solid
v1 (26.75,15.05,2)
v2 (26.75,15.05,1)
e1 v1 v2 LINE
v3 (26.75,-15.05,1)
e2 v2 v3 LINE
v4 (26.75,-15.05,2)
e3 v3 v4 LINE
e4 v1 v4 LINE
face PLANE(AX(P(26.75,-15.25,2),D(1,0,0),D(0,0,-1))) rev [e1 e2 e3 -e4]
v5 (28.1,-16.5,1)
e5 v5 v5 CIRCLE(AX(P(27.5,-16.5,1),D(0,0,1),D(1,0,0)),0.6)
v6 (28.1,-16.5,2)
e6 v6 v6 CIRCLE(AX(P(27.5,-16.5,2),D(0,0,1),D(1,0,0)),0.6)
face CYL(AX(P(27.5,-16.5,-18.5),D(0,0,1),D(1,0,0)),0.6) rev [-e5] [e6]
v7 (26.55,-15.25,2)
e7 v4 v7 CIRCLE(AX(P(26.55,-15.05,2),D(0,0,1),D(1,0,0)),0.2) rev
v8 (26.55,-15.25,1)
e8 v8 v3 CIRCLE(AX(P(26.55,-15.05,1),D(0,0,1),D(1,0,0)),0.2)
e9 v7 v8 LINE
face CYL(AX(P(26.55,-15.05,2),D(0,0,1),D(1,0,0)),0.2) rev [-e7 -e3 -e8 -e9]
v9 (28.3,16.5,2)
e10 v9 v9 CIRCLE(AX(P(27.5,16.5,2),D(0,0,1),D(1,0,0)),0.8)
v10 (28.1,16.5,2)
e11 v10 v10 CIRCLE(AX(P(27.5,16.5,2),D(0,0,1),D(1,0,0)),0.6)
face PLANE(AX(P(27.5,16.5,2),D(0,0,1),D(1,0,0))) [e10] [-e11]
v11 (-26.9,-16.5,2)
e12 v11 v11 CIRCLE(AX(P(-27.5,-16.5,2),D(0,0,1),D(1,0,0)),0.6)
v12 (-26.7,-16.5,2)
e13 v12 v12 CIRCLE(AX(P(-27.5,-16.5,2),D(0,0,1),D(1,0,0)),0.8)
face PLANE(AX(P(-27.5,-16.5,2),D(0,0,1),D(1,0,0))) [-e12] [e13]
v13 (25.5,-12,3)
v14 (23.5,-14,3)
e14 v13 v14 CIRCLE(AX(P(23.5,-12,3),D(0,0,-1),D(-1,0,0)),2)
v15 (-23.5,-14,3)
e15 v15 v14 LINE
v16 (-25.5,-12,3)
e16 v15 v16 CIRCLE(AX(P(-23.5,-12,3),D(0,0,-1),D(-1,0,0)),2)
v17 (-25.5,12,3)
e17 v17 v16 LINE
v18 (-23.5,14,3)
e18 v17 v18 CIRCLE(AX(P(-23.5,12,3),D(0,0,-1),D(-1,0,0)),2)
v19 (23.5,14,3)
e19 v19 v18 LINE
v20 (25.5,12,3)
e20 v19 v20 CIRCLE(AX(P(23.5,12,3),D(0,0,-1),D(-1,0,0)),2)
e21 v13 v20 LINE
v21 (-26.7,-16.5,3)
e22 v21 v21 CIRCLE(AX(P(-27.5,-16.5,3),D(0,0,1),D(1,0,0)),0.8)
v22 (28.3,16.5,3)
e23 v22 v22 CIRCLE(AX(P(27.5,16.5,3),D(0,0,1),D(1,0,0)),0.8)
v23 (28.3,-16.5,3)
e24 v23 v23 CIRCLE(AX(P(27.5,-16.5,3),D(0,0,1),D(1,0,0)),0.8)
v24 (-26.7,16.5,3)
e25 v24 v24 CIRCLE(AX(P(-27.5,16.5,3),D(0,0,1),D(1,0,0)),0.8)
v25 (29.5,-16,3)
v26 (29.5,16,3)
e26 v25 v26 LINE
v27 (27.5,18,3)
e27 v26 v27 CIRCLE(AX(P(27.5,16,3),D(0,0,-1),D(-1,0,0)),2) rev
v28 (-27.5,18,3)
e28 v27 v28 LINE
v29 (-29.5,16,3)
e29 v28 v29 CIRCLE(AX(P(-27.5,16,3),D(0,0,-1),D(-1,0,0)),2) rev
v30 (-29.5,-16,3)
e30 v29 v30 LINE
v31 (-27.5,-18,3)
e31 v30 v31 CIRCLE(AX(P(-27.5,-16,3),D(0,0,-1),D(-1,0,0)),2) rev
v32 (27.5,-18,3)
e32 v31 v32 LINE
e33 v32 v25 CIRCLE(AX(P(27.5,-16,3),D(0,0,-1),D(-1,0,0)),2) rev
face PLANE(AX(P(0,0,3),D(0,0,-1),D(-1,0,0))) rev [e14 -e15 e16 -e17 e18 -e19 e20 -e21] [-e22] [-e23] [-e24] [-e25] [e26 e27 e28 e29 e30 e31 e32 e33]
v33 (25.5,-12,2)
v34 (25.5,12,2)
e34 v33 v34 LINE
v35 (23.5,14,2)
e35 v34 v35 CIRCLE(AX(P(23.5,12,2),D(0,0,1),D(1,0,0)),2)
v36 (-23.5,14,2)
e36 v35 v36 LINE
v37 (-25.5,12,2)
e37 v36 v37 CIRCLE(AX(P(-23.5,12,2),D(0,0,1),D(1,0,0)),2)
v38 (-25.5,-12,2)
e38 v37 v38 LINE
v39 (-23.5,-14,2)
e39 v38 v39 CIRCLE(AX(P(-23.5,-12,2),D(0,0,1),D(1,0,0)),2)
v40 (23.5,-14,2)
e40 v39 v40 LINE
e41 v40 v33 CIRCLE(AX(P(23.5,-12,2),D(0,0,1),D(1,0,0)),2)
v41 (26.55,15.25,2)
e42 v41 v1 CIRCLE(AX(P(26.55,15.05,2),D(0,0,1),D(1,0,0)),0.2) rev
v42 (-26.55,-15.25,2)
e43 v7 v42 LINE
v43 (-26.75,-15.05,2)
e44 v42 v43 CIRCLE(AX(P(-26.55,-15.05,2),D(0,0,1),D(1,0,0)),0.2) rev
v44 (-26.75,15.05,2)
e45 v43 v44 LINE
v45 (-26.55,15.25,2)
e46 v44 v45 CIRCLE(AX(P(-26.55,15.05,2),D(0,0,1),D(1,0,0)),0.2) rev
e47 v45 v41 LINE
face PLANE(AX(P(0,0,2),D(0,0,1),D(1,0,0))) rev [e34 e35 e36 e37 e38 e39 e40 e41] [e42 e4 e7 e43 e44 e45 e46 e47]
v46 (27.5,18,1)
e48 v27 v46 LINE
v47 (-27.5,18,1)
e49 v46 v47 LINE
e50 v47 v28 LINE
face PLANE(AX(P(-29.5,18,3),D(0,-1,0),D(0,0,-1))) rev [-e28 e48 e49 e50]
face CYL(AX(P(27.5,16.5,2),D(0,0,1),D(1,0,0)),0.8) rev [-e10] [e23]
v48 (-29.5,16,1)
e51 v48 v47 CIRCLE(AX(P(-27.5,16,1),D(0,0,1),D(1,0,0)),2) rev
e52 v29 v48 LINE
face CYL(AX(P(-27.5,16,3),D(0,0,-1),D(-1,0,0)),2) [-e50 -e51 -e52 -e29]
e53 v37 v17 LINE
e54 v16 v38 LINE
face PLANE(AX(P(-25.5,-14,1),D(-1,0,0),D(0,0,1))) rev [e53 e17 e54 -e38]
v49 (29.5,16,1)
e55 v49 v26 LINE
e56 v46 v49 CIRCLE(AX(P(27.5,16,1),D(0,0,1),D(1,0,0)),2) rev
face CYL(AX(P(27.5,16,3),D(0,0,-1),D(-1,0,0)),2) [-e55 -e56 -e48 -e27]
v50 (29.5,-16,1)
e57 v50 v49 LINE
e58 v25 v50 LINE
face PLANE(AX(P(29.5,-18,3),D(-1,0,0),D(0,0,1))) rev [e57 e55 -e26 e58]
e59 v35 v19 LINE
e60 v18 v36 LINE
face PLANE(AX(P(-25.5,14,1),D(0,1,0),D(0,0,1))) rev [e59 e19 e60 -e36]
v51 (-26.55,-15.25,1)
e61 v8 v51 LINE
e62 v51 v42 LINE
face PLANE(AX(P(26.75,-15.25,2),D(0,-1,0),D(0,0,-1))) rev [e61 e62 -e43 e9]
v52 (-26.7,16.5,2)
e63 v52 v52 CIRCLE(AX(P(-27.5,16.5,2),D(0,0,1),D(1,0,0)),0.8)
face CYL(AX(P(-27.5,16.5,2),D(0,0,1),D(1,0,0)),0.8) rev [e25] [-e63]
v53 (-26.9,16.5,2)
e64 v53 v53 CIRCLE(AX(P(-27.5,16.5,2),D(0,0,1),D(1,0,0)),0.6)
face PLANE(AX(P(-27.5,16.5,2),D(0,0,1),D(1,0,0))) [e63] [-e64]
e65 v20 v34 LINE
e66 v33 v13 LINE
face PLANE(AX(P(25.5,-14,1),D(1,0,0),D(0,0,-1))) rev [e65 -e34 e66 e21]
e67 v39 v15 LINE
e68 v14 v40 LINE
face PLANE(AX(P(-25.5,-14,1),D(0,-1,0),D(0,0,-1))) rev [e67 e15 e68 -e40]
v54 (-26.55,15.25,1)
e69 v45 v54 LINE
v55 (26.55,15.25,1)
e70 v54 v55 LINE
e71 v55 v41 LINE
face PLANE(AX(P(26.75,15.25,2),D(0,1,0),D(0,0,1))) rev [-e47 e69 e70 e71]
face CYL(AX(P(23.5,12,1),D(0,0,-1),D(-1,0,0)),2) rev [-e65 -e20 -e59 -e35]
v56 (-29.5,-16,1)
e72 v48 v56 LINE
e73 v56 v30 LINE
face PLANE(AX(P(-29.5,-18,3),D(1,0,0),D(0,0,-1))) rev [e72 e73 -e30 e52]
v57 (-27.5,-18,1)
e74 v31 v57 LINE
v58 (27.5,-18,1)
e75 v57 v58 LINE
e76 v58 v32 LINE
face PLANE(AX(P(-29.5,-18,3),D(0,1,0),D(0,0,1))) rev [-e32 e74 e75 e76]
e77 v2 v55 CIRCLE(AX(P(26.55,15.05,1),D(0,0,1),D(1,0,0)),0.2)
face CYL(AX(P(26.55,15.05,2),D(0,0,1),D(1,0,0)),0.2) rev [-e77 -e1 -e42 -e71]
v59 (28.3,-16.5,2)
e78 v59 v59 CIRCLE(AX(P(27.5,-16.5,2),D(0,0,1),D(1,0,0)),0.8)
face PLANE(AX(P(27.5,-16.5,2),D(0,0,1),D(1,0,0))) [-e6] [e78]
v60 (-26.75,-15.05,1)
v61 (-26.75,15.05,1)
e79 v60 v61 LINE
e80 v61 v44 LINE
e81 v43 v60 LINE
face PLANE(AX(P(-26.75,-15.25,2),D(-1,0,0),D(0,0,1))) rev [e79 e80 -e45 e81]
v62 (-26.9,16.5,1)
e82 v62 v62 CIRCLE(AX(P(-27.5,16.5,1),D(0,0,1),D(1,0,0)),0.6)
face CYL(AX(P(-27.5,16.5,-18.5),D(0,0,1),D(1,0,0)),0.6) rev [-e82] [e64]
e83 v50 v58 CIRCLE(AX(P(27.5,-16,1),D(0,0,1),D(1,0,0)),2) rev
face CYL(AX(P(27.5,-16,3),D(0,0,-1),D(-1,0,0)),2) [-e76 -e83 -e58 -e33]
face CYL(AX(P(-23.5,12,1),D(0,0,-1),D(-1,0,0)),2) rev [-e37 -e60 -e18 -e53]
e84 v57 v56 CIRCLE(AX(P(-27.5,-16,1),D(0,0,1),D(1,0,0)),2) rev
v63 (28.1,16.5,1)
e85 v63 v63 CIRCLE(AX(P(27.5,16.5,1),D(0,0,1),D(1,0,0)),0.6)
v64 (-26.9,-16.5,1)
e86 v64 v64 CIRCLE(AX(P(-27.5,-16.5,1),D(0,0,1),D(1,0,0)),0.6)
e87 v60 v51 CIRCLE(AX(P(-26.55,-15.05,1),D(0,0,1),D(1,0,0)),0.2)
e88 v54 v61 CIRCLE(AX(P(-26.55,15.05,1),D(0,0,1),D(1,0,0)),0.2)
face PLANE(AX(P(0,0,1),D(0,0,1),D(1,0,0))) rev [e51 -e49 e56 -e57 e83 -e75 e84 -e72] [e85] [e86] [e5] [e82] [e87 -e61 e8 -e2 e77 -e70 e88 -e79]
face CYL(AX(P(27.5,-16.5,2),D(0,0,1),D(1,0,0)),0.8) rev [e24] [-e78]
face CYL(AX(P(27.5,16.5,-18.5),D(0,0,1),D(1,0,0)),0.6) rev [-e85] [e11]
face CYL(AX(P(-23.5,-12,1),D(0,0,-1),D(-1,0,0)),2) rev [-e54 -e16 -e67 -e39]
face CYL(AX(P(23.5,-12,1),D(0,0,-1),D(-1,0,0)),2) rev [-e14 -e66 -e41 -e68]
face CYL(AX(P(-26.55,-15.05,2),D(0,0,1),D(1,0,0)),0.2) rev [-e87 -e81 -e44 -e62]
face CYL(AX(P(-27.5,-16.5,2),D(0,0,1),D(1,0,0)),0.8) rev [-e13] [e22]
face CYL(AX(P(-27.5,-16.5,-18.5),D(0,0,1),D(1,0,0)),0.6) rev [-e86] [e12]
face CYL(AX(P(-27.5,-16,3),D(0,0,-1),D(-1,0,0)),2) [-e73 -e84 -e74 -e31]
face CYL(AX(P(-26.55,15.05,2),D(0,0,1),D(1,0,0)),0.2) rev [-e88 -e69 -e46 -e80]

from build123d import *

# Parameters (mm, degrees)
SKETCH_1_W          = 59
SKETCH_1_H          = 36
EXTRUDE_1_DEPTH     = 3
SKETCH_2_W          = 53.5
SKETCH_2_H          = 30.5
CUT_EXTRUDE_1_DEPTH = 2
SKETCH_3_W          = 51
SKETCH_3_H          = 28
CUT_EXTRUDE_2_DEPTH = 2
FILLET_1_R          = 2
SKETCH_4_W          = 64.091292054
SKETCH_4_H          = 36.06269528
CUT_EXTRUDE_3_DEPTH = 1
FILLET_2_R          = 0.2
SKETCH_5_R          = 0.8
CUT_EXTRUDE_4_DEPTH = 1
SKETCH_6_R          = 0.6
CUT_EXTRUDE_5_DEPTH = 20.5


with BuildPart() as part:
    # 草图1 → 凸台-拉伸1 (new body)
    with BuildSketch(Plane.XY):
        Rectangle(SKETCH_1_W, SKETCH_1_H)
    extrude(amount=EXTRUDE_1_DEPTH)

    # 草图2 → 切除-拉伸1 (cut)
    with BuildSketch(Plane(origin=(0, 0, 0), x_dir=(-1, 0, 0), z_dir=(0, 0, -1))):
        Rectangle(SKETCH_2_W, SKETCH_2_H)
    extrude(amount=-CUT_EXTRUDE_1_DEPTH, mode=Mode.SUBTRACT)

    # 草图3 → 切除-拉伸2 (cut)
    with BuildSketch(Plane.XY.offset(3)):
        Rectangle(SKETCH_3_W, SKETCH_3_H)
    extrude(amount=-CUT_EXTRUDE_2_DEPTH, mode=Mode.SUBTRACT)

    # 圆角1
    fillet_1_edges = [part.edges().sort_by_distance(p)[0] for p in [
        (25.5, 14, 2.5),
        (25.5, -14, 2.5),
        (-25.5, -14, 2.5),
        (-25.5, 14, 2.5),
        (29.5, -18, 1.5),
        (-29.5, -18, 1.5),
        (-29.5, 18, 1.5),
        (29.5, 18, 1.5),
    ]]
    fillet(fillet_1_edges, radius=FILLET_1_R)

    # 草图4 → 切除-拉伸3 (cut)
    with BuildSketch(Plane(origin=(0, 0, 0), x_dir=(-1, 0, 0), z_dir=(0, 0, -1))):
        Rectangle(SKETCH_4_W, SKETCH_4_H)
    extrude(amount=-CUT_EXTRUDE_3_DEPTH, mode=Mode.SUBTRACT)

    # 圆角2
    fillet_2_edges = [part.edges().sort_by_distance(p)[0] for p in [
        (-26.75, 15.25, 1.5),
        (-26.75, -15.25, 1.5),
        (26.75, -15.25, 1.5),
        (26.75, 15.25, 1.5),
    ]]
    fillet(fillet_2_edges, radius=FILLET_2_R)

    # 草图5 → 切除-拉伸4 (cut)
    with BuildSketch(Plane.XY.offset(3)):
        with Locations((-27.5, 16.5)):
            Circle(SKETCH_5_R)
        with Locations((27.5, 16.5)):
            Circle(SKETCH_5_R)
        with Locations((27.5, -16.5)):
            Circle(SKETCH_5_R)
        with Locations((-27.5, -16.5)):
            Circle(SKETCH_5_R)
    extrude(amount=-CUT_EXTRUDE_4_DEPTH, mode=Mode.SUBTRACT)

    # 草图6 → 切除-拉伸5 (cut)
    with BuildSketch(Plane.XY.offset(2)):
        with Locations((-27.5, 16.5)):
            Circle(SKETCH_6_R)
        with Locations((27.5, 16.5)):
            Circle(SKETCH_6_R)
        with Locations((27.5, -16.5)):
            Circle(SKETCH_6_R)
        with Locations((-27.5, -16.5)):
            Circle(SKETCH_6_R)
    extrude(amount=-CUT_EXTRUDE_5_DEPTH, mode=Mode.SUBTRACT)


solid = part.part
